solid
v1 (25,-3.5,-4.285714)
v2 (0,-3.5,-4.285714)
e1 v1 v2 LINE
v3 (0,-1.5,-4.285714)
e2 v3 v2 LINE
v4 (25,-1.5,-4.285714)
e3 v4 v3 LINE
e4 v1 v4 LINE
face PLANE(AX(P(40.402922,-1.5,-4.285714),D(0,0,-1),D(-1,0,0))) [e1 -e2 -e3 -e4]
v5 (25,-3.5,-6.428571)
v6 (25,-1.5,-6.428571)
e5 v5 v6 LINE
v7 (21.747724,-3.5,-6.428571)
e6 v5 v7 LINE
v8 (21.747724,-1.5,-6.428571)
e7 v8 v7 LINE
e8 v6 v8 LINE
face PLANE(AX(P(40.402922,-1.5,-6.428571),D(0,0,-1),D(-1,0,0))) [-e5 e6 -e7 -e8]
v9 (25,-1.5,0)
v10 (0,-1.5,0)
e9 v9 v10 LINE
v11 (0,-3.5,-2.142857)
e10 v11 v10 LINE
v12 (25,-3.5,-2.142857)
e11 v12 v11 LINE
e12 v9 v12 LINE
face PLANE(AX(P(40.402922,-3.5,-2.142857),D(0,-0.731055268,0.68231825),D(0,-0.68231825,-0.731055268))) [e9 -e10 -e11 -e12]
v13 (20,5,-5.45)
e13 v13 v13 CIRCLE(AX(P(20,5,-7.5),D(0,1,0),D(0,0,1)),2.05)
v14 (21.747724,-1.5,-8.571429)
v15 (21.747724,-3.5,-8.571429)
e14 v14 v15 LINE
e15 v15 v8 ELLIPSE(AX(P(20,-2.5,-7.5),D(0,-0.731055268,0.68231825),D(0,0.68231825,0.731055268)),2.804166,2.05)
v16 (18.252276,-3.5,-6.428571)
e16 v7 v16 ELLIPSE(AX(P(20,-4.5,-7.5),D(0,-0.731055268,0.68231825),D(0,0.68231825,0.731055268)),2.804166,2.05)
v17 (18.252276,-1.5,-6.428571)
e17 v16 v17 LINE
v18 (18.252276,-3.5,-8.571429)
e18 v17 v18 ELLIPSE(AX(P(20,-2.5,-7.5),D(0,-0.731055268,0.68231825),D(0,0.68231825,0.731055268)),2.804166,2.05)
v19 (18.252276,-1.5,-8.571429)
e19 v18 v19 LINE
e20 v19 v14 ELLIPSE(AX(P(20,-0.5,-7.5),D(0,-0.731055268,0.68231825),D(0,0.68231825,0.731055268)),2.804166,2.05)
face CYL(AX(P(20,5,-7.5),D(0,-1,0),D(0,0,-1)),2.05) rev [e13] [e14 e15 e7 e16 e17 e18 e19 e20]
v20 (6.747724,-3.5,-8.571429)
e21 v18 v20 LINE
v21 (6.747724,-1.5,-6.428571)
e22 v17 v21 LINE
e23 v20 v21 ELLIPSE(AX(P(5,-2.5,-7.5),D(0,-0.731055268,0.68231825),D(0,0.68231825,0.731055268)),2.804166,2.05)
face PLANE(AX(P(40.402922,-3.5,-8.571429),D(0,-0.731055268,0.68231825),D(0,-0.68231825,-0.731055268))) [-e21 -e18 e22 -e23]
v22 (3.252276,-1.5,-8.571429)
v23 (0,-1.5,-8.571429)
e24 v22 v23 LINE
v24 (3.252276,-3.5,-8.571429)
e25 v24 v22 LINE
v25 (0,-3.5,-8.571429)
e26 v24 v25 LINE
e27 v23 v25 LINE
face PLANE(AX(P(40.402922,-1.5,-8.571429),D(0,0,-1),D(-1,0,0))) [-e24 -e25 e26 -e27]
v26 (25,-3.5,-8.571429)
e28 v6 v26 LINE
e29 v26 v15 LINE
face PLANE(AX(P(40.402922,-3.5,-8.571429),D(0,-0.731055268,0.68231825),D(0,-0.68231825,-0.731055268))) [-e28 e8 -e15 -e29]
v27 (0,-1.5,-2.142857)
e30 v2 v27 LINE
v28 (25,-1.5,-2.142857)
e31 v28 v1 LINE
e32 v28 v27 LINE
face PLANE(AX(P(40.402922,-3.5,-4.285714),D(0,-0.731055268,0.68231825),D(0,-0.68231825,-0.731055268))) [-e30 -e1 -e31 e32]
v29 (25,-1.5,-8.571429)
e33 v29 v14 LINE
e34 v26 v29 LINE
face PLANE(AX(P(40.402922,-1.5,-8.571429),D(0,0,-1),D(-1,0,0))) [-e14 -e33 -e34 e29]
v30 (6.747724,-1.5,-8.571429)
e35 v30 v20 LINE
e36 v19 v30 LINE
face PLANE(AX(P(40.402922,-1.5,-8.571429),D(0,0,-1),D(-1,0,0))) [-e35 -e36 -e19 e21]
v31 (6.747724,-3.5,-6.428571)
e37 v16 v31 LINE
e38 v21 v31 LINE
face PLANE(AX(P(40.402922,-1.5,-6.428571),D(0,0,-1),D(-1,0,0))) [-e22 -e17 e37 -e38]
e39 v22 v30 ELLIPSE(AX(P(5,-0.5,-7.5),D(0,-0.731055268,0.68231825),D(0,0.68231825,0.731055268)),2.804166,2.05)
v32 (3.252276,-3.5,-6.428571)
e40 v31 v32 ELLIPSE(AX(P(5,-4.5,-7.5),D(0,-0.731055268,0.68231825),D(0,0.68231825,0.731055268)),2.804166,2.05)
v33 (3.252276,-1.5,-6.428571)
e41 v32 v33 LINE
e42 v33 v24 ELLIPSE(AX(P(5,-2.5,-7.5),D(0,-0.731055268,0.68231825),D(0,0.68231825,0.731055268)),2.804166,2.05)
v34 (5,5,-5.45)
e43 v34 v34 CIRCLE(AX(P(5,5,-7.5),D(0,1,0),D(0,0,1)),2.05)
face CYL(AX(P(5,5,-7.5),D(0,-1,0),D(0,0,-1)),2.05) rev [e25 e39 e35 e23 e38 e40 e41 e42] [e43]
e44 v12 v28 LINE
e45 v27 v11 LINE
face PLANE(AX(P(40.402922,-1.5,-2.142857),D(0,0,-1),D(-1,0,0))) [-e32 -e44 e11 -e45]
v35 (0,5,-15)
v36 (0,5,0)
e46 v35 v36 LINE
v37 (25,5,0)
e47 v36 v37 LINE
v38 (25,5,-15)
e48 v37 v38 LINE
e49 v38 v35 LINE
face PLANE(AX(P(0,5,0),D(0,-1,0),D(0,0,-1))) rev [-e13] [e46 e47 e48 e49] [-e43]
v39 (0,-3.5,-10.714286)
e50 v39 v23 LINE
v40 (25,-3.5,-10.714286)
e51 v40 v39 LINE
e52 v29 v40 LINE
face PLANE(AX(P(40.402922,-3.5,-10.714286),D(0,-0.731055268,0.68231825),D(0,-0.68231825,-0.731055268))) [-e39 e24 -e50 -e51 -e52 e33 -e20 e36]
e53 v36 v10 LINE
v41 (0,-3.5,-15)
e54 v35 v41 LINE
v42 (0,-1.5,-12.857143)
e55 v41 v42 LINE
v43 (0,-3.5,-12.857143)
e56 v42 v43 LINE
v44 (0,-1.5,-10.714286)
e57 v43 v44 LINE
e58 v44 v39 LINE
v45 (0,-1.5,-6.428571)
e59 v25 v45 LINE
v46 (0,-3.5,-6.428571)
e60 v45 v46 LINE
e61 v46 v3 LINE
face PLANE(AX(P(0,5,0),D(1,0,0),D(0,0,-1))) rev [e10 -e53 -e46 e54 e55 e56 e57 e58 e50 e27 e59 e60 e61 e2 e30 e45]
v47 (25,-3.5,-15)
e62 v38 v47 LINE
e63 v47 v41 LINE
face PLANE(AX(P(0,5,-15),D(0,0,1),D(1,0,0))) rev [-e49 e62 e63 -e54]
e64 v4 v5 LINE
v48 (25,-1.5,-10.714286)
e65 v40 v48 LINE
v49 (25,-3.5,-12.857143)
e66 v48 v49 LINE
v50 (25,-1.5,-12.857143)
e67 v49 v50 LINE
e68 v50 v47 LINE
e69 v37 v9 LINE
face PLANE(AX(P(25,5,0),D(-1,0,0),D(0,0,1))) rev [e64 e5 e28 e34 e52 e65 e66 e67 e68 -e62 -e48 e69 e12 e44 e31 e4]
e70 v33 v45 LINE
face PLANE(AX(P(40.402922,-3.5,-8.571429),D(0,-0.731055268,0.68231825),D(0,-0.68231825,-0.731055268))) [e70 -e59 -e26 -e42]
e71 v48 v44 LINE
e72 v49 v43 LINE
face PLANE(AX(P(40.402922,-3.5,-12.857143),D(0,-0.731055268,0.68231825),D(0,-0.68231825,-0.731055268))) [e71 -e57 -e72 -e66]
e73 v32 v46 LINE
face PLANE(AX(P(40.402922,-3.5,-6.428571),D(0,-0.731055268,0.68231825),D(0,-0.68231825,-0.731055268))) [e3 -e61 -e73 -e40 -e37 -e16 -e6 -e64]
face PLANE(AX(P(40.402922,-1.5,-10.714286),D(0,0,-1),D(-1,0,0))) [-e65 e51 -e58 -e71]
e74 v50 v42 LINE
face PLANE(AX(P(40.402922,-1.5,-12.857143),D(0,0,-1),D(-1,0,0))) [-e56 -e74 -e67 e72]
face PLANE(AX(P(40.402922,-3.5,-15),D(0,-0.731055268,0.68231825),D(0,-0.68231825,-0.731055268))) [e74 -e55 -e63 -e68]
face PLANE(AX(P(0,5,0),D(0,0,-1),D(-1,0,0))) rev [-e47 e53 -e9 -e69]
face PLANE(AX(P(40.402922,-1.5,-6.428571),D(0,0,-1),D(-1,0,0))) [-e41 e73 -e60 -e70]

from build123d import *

# Parameters (mm, degrees)
CROQUIS1_W              = 25
CROQUIS1_H              = 15
CROQUIS1_R              = 2.05
SALIENTE_EXTRUIR1_DEPTH = 5
SALIENTE_EXTRUIR2_DEPTH = 25
CORTAR_EXTRUIR1_START   = -29
CROQUIS3_R              = 2.05
CORTAR_EXTRUIR1_DEPTH   = 29


with BuildPart() as part:
    # Croquis1 → Saliente-Extruir1 (new body)
    with BuildSketch(Plane(origin=(0, 0, 0), x_dir=(1, 0, 0), z_dir=(0, 1, 0))):
        with Locations((12.5, 7.5)):
            Rectangle(CROQUIS1_W, CROQUIS1_H)
        with Locations(Location((5, 7.5, 0), (0, 0, 270))):
            Circle(CROQUIS1_R, mode=Mode.SUBTRACT)
        with Locations(Location((20, 7.5, 0), (0, 0, 270))):
            Circle(CROQUIS1_R, mode=Mode.SUBTRACT)
    extrude(amount=SALIENTE_EXTRUIR1_DEPTH)

    # Croquis2 → Saliente-Extruir2 (add)
    with BuildSketch(Plane.ZY):
        Polygon((-15, 0), (-15, -3.5), (-12.857142857, -1.5), (-12.857142857, -3.5), (-10.714285714, -1.5), (-10.714285714, -3.5), (-8.571428571, -1.5), (-8.571428571, -3.5), (-6.428571429, -1.5), (-6.428571429, -3.5), (-4.285714286, -1.5), (-4.285714286, -3.5), (-2.142857143, -1.5), (-2.142857143, -3.5), (0, -1.5), (0, 0), align=None)
    extrude(amount=-SALIENTE_EXTRUIR2_DEPTH)

    # Croquis3 → Cortar-Extruir1 (cut)
    with BuildSketch(Plane(origin=(0, 5, 0), x_dir=(1, 0, 0), z_dir=(0, 1, 0)).offset(CORTAR_EXTRUIR1_START)):
        with Locations(Location((5, 7.5, 0), (0, 0, 148.489952077))):
            Circle(CROQUIS3_R)
        with Locations(Location((20, 7.5, 0), (0, 0, 148.489952077))):
            Circle(CROQUIS3_R)
    extrude(amount=CORTAR_EXTRUIR1_DEPTH, mode=Mode.SUBTRACT)


solid = part.part
